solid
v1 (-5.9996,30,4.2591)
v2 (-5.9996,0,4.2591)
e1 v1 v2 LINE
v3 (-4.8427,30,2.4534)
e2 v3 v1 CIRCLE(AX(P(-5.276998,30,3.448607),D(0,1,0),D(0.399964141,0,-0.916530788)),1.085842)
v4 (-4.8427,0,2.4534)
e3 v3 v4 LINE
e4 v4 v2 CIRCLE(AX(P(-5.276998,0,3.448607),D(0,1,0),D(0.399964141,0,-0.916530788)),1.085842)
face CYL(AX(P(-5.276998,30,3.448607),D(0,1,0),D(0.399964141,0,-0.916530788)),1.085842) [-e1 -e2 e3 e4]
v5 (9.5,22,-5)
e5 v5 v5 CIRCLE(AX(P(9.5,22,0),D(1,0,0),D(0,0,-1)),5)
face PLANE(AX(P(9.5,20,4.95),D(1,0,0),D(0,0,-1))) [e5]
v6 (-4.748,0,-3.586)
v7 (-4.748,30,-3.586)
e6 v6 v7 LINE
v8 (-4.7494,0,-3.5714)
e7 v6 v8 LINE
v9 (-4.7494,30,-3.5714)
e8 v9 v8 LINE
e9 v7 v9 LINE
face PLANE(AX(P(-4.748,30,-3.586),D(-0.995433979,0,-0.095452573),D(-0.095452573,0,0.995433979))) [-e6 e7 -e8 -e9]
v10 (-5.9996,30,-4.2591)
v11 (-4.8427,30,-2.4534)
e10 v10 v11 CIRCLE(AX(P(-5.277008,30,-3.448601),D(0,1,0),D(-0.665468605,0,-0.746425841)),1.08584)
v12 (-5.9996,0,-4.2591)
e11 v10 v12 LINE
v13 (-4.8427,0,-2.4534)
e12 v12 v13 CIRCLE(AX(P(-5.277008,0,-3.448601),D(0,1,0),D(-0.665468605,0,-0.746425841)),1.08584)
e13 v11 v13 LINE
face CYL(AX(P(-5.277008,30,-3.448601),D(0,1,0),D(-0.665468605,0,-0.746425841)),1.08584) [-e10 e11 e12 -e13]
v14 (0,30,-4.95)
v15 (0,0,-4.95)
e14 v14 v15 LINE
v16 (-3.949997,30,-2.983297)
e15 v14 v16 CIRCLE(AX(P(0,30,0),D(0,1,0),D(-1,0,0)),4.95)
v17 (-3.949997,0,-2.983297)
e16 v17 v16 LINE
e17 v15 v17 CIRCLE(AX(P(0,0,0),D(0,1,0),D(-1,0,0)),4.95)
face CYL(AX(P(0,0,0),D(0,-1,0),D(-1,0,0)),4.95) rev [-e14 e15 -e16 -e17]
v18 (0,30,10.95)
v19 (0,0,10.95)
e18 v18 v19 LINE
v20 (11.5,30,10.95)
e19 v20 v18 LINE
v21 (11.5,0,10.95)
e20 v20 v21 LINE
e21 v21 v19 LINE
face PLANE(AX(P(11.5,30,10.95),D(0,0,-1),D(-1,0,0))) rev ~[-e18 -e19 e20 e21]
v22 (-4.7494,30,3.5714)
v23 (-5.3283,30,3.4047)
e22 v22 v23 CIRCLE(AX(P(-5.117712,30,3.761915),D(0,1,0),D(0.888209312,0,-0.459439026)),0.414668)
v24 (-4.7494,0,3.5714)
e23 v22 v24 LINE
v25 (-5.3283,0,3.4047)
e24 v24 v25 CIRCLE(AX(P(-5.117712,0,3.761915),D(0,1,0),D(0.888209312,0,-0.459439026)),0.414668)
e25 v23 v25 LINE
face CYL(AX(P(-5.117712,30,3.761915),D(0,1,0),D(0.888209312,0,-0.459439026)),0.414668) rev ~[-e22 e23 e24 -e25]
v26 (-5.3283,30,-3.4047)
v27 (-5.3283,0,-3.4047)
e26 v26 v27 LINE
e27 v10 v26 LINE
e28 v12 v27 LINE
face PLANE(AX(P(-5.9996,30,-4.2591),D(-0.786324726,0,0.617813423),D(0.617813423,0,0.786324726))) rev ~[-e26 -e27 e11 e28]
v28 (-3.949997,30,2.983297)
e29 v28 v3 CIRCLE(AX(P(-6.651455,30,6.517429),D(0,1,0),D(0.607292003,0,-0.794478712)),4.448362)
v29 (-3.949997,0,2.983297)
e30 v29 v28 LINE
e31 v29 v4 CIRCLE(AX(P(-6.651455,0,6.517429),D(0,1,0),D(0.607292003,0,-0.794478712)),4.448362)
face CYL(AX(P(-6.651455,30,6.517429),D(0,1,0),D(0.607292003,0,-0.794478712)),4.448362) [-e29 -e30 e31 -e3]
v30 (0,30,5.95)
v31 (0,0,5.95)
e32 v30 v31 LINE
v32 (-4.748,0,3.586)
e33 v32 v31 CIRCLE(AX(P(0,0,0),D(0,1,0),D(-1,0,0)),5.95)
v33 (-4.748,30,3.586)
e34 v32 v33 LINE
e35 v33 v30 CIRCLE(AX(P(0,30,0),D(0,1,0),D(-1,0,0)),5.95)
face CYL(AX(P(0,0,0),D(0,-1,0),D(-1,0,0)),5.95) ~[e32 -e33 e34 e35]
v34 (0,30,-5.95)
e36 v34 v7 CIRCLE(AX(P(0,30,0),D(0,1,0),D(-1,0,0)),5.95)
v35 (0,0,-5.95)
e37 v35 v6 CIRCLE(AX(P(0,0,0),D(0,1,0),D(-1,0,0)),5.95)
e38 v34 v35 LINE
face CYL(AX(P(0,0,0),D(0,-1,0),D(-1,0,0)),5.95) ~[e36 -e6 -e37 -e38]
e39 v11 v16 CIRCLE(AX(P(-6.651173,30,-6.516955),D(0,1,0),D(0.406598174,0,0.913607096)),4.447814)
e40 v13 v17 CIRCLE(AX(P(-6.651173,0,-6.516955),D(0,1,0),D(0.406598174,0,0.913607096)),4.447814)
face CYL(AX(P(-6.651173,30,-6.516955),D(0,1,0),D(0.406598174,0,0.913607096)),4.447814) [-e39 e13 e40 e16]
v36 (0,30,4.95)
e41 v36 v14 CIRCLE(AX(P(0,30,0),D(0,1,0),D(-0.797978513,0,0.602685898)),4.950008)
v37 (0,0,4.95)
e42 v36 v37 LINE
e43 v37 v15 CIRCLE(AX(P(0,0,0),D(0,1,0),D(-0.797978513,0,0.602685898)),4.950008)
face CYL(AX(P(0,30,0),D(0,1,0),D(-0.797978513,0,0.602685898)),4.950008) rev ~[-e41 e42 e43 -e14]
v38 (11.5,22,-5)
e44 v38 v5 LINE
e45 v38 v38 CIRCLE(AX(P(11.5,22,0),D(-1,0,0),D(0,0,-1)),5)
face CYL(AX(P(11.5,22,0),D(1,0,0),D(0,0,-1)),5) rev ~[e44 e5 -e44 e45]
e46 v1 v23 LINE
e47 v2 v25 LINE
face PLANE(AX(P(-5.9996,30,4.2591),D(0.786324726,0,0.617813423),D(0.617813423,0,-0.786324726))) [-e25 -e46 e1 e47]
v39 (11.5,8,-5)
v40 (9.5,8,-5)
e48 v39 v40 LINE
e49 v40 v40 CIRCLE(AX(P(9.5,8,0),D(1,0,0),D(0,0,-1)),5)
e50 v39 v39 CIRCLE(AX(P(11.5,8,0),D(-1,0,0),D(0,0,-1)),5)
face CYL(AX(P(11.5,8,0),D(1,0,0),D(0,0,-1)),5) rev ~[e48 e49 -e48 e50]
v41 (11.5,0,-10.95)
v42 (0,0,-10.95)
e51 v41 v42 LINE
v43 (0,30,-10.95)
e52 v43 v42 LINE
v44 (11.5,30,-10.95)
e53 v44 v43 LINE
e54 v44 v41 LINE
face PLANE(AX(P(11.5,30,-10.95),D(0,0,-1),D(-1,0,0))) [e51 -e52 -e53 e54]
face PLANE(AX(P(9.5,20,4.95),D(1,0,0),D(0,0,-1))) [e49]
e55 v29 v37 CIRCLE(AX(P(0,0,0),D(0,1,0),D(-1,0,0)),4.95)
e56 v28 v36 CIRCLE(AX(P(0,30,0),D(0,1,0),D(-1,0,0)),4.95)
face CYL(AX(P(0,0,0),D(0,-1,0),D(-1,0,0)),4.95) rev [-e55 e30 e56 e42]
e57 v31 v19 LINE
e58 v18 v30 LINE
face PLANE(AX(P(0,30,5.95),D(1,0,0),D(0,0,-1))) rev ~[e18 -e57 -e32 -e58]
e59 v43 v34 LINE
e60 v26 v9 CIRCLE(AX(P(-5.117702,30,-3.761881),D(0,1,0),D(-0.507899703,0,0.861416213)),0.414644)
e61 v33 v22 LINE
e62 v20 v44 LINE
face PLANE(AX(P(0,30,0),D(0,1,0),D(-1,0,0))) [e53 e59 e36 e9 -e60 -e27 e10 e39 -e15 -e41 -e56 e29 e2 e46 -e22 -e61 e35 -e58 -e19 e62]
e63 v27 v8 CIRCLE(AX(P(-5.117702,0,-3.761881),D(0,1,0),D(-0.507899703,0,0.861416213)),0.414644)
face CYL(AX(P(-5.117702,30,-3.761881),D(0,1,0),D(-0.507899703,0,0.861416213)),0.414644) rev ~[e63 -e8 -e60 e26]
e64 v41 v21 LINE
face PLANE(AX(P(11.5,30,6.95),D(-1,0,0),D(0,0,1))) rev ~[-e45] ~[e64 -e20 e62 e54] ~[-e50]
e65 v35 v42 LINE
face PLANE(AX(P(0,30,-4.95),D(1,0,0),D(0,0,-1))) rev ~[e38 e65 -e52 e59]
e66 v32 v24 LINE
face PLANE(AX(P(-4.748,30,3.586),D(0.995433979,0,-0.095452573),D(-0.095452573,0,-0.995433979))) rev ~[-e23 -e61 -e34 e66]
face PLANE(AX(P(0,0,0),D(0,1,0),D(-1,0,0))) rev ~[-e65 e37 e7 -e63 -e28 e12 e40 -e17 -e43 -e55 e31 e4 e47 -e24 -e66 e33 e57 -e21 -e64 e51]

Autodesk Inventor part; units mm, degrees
ref_plane "YZ Plane" through (0, 0, 0) normal (1, 0, 0) x (0, 1, 0)
ref_plane "XZ Plane" through (0, 0, 0) normal (0, 1, 0) x (-1, 0, 0)
ref_plane "XY Plane" through (0, 0, 0) normal (0, 0, 1) x (1, 0, 0)
sketch "Эскиз1" plane through (0, 0, 0) normal (0, 1, 0) x (-1, 0, 0)
  circle A0 centre (0, 0) radius 4.95
  circle A1 centre (0, 0) radius 5.95
  line L0 (0, 0) -> (4.748, 3.586)
  line L1 (0, 0) -> (4.748, -3.586)
  point P0 (3.95, -2.9833)
  point P1 (3.95, 2.9833)
  dimension "d0" = 9.9
  dimension "d1" = 11.9
extrude "Выдавливание1" add sketch "Эскиз1" along normal blind 30 contours A0 L1 A1 L0 picked at (4.1379, 3.7388)
sketch "Эскиз2" plane through (0, 30, 0) normal (0, 1, 0) x (1, 0, 0)
  arc A0 (-3.95, -2.9833) -> (-4.8427, -2.4534) centre (-6.6513, -6.5172) ccw
  arc A1 (-4.8427, -2.4534) -> (-5.9996, -4.2591) centre (-5.277, -3.4486) ccw
  line L0 (-5.9996, -4.2591) -> (-5.3283, -3.4047)
  arc A2 (-4.7494, -3.5714) -> (-5.3283, -3.4047) centre (-5.1177, -3.7619) ccw
  line L1 (-3.95, -2.9833) -> (-4.748, -3.586)
  line L2 (-4.748, -3.586) -> (-3.95, -2.9833)
  line L3 (-4.748, -3.586) -> (-4.7494, -3.5714)
  line L4 (-0.0151, 0) -> (-3.489, 0)
  arc A3 (-4.8427, 2.4534) -> (-3.95, 2.9833) centre (-6.6513, 6.5172) ccw
  arc A4 (-5.3283, 3.4047) -> (-4.7494, 3.5714) centre (-5.1177, 3.7619) ccw
  line L5 (-3.95, 2.9833) -> (-4.748, 3.586)
  line L6 (-4.748, 3.586) -> (-3.95, 2.9833)
  line L7 (-4.748, 3.586) -> (-4.7494, 3.5714)
  arc A5 (-5.9996, 4.2591) -> (-4.8427, 2.4534) centre (-5.277, 3.4486) ccw
  line L8 (-5.9996, 4.2591) -> (-5.3283, 3.4047)
  point P0 (-3.95, 2.9833)
  point P1 (-4.748, -3.586)
  point P2 (-5.3694, -4.0591)
  point P3 (-4.748, 3.586)
  point P4 (-5.3694, 4.0591)
  point P5 (-4.748, 3.586)
  dimension "d25" = 1.0859
sketch "Эскиз3" plane through (0, 30, 0) normal (0, 1, 0) x (1, 0, 0)
  arc A0 (-4.748, -3.586) -> (-4.748, 3.586) centre (0, 0) ccw projected
  line L0 (11.5, -6.95) -> (11.5, 6.95)
  arc A1 (-3.95, -2.9833) -> (-3.95, 2.9833) centre (0, 0) ccw projected
  line L1 (0, -5.95) -> (0, -4.95)
  line L2 (0, 4.95) -> (0, 5.95)
  line L3 (11.5, 6.95) -> (11.5, 10.95)
  line L4 (11.5, -6.95) -> (11.5, -10.95)
  line L5 (0, 1.45) -> (0, 5.95)
  line L6 (11.5, -10.95) -> (0, -10.95)
  line L7 (0, -10.95) -> (0, -5.95)
  line L8 (11.5, 10.95) -> (0, 10.95)
  line L9 (0, 10.95) -> (0, 5.95)
  arc A2 (0, -4.95) -> (0, 4.95) centre (0, 0) ccw
  dimension "d13" = 4
  dimension "d14" = 4
  dimension "d22" = 21.9
  dimension "d23" = 6
extrude "Выдавливание3" add sketch "Эскиз3" against normal blind 30
ref_plane "РабПлоскость1" through (11.5, 20, 4.95) normal (1, 0, 0) x (0, 0, -1)
sketch "Эскиз4" plane through (11.5, 20, 4.95) normal (1, 0, 0) x (0, 0, -1)
  line L0 (4.95, -20) -> (4.95, 10)
  line L1 (1, 10) -> (8.9, 10) projected
  circle A0 centre (4.95, -12) radius 5
  line L2 (14.4, -20) -> (-4.5, -20) projected
  circle A1 centre (4.95, 2) radius 5
  line L3 (-4.5, 10) -> (14.4, 10) projected
  point P0 (7.3306, 10)
  point P1 (2.5694, 10)
  point P2 (4.95, 10)
  dimension "d15" = 10
  dimension "d16" = 8
  dimension "d17" = 10
  dimension "d18" = 8
extrude "Выдавливание4" cut sketch "Эскиз4" against normal blind 2
extrude "Выдавливание5" add sketch "Эскиз2" against normal blind 30
sketch "Эскиз5" plane through (0, 30, 0) normal (0, 1, 0) x (1, 0, 0)
  arc A0 (0, 5.95) -> (-4.748, 3.586) centre (0, 0) ccw projected
  line L0 (-4.748, 3.586) -> (-4.7494, 3.5714) projected
  arc A1 (-5.3283, 3.4047) -> (-4.7494, 3.5714) centre (-5.1177, 3.7619) ccw projected
  line L1 (-5.3283, 3.4047) -> (-5.9996, 4.2591) projected
  arc A2 (-5.9996, 4.2591) -> (-4.8427, 2.4534) centre (-5.277, 3.4486) ccw projected
  arc A3 (-4.8427, 2.4534) -> (-3.95, 2.9833) centre (-6.6513, 6.5172) ccw projected
  arc A4 (-3.95, -2.9833) -> (-3.95, 2.9833) centre (0, 0) ccw projected
  arc A5 (-3.95, -2.9833) -> (-4.8427, -2.4534) centre (-6.6513, -6.5172) ccw projected
  arc A6 (-4.8427, -2.4534) -> (-5.9996, -4.2591) centre (-5.277, -3.4486) ccw projected
  line L2 (-5.9996, -4.2591) -> (-5.3283, -3.4047) projected
  arc A7 (-4.7494, -3.5714) -> (-5.3283, -3.4047) centre (-5.1177, -3.7619) ccw projected
  line L3 (-4.7494, -3.5714) -> (-4.748, -3.586) projected
  arc A8 (-4.748, -3.586) -> (0, -5.95) centre (0, 0) ccw projected
  line L4 (0, -5.95) -> (0, -10.95) projected
  line L5 (0, -10.95) -> (11.5, -10.95) projected
  line L6 (11.5, -10.95) -> (11.5, 10.95) projected
  line L7 (11.5, 10.95) -> (0, 10.95) projected
  line L8 (0, 10.95) -> (0, 5.95) projected
  line L9 (0, 4.95) -> (0, 5.95)
  line L10 (0, -4.95) -> (0, -5.95)
extrude "Выдавливание6" [suppressed]
sketch "Эскиз6" plane through (11.5, 30, 10.95) normal (1, 0, 0) x (0, 0, -1)
  arc A0 (15.95, -22) -> (15.95, -22) centre (10.95, -22) ccw projected
  arc A1 (15.95, -8) -> (15.95, -8) centre (10.95, -8) ccw projected
  point P0 (10.95, -30)
extrude "Выдавливание7" [suppressed]
sketch "Эскиз7" plane through (11.5, 30, 10.95) normal (1, 0, 0) x (0, 0, -1)
  circle A0 centre (10.95, -8) radius 5 projected
  circle A1 centre (10.95, -22) radius 5 projected
  line L0 (0, 0) -> (21.9, 0) projected
  line L1 (0, 0) -> (0, -30) projected
  line L2 (21.9, -30) -> (0, -30) projected
  line L3 (21.9, 0) -> (21.9, -30) projected
  point P0 (10.95, -30)
properties part number "крепление маркера 10мм"
